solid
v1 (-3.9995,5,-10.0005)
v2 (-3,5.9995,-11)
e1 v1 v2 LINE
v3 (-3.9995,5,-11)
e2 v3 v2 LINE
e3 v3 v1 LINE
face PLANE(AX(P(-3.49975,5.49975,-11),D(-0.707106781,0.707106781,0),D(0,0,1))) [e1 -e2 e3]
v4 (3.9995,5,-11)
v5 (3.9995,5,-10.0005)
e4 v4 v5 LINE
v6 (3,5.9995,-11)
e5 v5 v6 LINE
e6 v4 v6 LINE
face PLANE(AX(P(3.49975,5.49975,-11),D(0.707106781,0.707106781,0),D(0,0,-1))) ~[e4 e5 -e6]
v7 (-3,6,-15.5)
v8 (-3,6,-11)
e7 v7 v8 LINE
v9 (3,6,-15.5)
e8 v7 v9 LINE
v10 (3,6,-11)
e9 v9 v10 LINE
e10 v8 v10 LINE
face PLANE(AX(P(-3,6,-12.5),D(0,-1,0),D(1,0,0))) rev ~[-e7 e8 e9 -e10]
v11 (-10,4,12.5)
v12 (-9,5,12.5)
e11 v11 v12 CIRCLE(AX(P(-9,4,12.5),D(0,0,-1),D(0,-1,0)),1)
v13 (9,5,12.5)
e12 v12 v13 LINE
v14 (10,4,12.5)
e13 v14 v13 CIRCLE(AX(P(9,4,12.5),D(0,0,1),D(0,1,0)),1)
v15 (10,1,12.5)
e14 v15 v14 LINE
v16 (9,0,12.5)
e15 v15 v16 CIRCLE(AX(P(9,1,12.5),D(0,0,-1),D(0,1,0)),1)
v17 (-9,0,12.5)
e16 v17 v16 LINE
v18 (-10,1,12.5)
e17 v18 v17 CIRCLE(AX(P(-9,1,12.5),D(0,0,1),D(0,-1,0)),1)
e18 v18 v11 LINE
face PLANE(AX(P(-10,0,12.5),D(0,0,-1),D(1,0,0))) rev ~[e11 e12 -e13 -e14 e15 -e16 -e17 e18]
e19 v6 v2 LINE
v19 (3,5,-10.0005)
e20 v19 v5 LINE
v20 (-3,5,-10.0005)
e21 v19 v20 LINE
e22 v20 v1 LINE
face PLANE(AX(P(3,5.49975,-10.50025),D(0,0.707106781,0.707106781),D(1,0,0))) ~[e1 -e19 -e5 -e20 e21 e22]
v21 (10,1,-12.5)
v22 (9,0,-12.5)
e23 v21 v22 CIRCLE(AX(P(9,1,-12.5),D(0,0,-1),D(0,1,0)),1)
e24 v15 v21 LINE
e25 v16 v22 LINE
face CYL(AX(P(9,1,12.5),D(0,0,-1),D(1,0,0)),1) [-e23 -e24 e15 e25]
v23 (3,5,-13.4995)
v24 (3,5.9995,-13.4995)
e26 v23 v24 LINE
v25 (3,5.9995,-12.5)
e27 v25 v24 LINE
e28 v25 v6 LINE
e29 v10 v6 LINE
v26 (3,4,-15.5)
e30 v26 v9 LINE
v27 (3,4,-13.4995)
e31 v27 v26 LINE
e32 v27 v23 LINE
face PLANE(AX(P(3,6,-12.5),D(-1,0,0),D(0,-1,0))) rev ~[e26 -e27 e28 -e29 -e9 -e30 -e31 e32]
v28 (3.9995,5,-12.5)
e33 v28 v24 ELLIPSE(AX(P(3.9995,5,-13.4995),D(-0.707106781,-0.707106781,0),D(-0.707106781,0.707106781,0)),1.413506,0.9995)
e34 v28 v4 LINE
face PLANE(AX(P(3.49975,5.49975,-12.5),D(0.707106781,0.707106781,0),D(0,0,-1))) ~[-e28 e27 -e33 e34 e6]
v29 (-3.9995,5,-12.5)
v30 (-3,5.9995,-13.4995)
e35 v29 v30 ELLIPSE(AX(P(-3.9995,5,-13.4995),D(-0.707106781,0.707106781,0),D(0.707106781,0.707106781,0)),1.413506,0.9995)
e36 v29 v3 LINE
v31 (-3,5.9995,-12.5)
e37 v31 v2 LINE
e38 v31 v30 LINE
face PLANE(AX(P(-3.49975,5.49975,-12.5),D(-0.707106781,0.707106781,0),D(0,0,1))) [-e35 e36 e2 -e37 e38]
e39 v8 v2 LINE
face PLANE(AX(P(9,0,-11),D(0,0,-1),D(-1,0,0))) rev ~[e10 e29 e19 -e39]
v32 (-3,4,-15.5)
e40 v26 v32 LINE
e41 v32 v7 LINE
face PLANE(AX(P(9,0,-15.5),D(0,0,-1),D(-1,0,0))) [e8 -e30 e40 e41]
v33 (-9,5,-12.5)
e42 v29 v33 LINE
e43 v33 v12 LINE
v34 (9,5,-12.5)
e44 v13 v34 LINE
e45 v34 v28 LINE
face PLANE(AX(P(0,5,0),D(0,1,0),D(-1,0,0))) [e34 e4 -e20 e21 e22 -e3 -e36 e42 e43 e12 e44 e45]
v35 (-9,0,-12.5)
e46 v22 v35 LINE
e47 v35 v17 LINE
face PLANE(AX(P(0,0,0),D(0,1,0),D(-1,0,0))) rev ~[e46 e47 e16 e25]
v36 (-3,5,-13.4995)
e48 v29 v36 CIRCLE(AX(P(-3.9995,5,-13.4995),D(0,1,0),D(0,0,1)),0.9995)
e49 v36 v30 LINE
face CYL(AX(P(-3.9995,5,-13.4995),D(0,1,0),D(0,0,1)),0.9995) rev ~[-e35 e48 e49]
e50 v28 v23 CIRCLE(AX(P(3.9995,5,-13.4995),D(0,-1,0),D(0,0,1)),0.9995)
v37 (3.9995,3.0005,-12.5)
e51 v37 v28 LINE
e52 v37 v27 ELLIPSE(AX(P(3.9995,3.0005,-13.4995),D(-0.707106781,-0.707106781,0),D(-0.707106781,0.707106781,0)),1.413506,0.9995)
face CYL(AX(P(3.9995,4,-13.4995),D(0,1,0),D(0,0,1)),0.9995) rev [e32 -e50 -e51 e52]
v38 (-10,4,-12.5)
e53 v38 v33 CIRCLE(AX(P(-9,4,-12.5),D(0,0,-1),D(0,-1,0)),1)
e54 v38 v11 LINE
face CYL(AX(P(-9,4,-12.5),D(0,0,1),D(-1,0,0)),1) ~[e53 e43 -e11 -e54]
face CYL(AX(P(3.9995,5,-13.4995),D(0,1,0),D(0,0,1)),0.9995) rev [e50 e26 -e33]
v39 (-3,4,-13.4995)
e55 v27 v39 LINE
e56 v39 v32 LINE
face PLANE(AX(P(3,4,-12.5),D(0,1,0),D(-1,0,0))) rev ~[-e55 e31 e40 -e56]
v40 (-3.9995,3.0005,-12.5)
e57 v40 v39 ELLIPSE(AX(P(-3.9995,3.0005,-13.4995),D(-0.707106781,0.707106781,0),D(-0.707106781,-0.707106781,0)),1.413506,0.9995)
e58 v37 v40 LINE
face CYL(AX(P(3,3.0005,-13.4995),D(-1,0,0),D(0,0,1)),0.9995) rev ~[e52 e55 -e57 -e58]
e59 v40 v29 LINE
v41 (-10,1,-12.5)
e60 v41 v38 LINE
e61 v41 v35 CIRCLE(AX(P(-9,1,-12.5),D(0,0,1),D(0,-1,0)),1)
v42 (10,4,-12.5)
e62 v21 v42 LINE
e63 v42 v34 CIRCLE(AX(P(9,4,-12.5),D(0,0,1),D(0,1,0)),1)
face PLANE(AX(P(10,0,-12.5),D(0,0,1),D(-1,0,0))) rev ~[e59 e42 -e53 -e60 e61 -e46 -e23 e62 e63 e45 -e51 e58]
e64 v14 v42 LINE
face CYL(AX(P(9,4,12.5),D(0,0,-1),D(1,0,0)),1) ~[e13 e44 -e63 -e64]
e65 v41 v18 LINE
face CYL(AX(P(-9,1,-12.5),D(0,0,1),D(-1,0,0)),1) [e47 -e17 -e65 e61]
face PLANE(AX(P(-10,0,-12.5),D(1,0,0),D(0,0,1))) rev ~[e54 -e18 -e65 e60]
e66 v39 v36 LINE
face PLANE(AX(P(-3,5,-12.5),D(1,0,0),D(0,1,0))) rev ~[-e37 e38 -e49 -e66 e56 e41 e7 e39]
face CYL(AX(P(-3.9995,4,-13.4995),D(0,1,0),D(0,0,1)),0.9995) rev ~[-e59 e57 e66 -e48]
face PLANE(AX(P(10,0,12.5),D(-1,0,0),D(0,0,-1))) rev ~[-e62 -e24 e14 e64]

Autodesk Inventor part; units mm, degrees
ref_plane "YZ Plane" through (0, 0, 0) normal (1, 0, 0) x (0, 1, 0)
ref_plane "XZ Plane" through (0, 0, 0) normal (0, 1, 0) x (-1, 0, 0)
ref_plane "XY Plane" through (0, 0, 0) normal (0, 0, 1) x (1, 0, 0)
sketch "Skizze1" plane through (0, 0, 0) normal (0, 1, 0) x (-1, 0, 0)
  line L0 (10, 12.5) -> (-10, 12.5)
  line L1 (-10, 12.5) -> (-10, -12.5)
  line L2 (-10, -12.5) -> (10, -12.5)
  line L3 (10, -12.5) -> (10, 12.5)
  line L4 (10, 12.5) -> (-10, -12.5) construction
  line L5 (-10, 12.5) -> (10, -12.5) construction
  point P0 (0, 0)
  dimension "d0" = 20
  dimension "d1" = 25
extrude "Extrusion1" add sketch "Skizze1" along normal blind 5
fillet "Rundung1" radius 1 4 edges at (-10, 5, 0) (-10, 0, 0) (10, 5, 0) (10, 0, 0)
sketch "Skizze2" plane through (9, 0, -12.5) normal (0, 0, -1) x (-1, 0, 0)
  line L0 (0, 5) -> (18, 5) projected
  line L1 (6, 4) -> (12, 4)
  line L2 (12, 4) -> (12, 6)
  line L3 (12, 6) -> (6, 6)
  line L4 (6, 6) -> (6, 4)
  line L5 (6, 4) -> (12, 6) construction
  line L6 (12, 4) -> (6, 6) construction
  point P0 (9, 0)
  point P1 (9, 5)
  dimension "d5" = 2
  dimension "d6" = 6
extrude "Extrusion2" add sketch "Skizze2" along normal blind 3 and the other way blind 1.5
chamfer "Fasen1" distance 1 angle 45 1 edges at (0, 5, -11)
chamfer "Fasen2" distance 1 angle 45 2 edges at (-3, 5, -10.5002) (-3, 5, -11.75)
chamfer "Fasen3" distance 1 angle 45 2 edges at (3, 5, -10.5003) (3, 5, -11.75)
fillet "Rundung2" radius 1 5 edges at (3, 5.4998, -12.5) (3, 4.5, -12.5) (0, 4, -12.5) (-3, 4.5, -12.5) (-3, 5.4998, -12.5)
properties part number "Batterie" material "Nylon 6/6"
